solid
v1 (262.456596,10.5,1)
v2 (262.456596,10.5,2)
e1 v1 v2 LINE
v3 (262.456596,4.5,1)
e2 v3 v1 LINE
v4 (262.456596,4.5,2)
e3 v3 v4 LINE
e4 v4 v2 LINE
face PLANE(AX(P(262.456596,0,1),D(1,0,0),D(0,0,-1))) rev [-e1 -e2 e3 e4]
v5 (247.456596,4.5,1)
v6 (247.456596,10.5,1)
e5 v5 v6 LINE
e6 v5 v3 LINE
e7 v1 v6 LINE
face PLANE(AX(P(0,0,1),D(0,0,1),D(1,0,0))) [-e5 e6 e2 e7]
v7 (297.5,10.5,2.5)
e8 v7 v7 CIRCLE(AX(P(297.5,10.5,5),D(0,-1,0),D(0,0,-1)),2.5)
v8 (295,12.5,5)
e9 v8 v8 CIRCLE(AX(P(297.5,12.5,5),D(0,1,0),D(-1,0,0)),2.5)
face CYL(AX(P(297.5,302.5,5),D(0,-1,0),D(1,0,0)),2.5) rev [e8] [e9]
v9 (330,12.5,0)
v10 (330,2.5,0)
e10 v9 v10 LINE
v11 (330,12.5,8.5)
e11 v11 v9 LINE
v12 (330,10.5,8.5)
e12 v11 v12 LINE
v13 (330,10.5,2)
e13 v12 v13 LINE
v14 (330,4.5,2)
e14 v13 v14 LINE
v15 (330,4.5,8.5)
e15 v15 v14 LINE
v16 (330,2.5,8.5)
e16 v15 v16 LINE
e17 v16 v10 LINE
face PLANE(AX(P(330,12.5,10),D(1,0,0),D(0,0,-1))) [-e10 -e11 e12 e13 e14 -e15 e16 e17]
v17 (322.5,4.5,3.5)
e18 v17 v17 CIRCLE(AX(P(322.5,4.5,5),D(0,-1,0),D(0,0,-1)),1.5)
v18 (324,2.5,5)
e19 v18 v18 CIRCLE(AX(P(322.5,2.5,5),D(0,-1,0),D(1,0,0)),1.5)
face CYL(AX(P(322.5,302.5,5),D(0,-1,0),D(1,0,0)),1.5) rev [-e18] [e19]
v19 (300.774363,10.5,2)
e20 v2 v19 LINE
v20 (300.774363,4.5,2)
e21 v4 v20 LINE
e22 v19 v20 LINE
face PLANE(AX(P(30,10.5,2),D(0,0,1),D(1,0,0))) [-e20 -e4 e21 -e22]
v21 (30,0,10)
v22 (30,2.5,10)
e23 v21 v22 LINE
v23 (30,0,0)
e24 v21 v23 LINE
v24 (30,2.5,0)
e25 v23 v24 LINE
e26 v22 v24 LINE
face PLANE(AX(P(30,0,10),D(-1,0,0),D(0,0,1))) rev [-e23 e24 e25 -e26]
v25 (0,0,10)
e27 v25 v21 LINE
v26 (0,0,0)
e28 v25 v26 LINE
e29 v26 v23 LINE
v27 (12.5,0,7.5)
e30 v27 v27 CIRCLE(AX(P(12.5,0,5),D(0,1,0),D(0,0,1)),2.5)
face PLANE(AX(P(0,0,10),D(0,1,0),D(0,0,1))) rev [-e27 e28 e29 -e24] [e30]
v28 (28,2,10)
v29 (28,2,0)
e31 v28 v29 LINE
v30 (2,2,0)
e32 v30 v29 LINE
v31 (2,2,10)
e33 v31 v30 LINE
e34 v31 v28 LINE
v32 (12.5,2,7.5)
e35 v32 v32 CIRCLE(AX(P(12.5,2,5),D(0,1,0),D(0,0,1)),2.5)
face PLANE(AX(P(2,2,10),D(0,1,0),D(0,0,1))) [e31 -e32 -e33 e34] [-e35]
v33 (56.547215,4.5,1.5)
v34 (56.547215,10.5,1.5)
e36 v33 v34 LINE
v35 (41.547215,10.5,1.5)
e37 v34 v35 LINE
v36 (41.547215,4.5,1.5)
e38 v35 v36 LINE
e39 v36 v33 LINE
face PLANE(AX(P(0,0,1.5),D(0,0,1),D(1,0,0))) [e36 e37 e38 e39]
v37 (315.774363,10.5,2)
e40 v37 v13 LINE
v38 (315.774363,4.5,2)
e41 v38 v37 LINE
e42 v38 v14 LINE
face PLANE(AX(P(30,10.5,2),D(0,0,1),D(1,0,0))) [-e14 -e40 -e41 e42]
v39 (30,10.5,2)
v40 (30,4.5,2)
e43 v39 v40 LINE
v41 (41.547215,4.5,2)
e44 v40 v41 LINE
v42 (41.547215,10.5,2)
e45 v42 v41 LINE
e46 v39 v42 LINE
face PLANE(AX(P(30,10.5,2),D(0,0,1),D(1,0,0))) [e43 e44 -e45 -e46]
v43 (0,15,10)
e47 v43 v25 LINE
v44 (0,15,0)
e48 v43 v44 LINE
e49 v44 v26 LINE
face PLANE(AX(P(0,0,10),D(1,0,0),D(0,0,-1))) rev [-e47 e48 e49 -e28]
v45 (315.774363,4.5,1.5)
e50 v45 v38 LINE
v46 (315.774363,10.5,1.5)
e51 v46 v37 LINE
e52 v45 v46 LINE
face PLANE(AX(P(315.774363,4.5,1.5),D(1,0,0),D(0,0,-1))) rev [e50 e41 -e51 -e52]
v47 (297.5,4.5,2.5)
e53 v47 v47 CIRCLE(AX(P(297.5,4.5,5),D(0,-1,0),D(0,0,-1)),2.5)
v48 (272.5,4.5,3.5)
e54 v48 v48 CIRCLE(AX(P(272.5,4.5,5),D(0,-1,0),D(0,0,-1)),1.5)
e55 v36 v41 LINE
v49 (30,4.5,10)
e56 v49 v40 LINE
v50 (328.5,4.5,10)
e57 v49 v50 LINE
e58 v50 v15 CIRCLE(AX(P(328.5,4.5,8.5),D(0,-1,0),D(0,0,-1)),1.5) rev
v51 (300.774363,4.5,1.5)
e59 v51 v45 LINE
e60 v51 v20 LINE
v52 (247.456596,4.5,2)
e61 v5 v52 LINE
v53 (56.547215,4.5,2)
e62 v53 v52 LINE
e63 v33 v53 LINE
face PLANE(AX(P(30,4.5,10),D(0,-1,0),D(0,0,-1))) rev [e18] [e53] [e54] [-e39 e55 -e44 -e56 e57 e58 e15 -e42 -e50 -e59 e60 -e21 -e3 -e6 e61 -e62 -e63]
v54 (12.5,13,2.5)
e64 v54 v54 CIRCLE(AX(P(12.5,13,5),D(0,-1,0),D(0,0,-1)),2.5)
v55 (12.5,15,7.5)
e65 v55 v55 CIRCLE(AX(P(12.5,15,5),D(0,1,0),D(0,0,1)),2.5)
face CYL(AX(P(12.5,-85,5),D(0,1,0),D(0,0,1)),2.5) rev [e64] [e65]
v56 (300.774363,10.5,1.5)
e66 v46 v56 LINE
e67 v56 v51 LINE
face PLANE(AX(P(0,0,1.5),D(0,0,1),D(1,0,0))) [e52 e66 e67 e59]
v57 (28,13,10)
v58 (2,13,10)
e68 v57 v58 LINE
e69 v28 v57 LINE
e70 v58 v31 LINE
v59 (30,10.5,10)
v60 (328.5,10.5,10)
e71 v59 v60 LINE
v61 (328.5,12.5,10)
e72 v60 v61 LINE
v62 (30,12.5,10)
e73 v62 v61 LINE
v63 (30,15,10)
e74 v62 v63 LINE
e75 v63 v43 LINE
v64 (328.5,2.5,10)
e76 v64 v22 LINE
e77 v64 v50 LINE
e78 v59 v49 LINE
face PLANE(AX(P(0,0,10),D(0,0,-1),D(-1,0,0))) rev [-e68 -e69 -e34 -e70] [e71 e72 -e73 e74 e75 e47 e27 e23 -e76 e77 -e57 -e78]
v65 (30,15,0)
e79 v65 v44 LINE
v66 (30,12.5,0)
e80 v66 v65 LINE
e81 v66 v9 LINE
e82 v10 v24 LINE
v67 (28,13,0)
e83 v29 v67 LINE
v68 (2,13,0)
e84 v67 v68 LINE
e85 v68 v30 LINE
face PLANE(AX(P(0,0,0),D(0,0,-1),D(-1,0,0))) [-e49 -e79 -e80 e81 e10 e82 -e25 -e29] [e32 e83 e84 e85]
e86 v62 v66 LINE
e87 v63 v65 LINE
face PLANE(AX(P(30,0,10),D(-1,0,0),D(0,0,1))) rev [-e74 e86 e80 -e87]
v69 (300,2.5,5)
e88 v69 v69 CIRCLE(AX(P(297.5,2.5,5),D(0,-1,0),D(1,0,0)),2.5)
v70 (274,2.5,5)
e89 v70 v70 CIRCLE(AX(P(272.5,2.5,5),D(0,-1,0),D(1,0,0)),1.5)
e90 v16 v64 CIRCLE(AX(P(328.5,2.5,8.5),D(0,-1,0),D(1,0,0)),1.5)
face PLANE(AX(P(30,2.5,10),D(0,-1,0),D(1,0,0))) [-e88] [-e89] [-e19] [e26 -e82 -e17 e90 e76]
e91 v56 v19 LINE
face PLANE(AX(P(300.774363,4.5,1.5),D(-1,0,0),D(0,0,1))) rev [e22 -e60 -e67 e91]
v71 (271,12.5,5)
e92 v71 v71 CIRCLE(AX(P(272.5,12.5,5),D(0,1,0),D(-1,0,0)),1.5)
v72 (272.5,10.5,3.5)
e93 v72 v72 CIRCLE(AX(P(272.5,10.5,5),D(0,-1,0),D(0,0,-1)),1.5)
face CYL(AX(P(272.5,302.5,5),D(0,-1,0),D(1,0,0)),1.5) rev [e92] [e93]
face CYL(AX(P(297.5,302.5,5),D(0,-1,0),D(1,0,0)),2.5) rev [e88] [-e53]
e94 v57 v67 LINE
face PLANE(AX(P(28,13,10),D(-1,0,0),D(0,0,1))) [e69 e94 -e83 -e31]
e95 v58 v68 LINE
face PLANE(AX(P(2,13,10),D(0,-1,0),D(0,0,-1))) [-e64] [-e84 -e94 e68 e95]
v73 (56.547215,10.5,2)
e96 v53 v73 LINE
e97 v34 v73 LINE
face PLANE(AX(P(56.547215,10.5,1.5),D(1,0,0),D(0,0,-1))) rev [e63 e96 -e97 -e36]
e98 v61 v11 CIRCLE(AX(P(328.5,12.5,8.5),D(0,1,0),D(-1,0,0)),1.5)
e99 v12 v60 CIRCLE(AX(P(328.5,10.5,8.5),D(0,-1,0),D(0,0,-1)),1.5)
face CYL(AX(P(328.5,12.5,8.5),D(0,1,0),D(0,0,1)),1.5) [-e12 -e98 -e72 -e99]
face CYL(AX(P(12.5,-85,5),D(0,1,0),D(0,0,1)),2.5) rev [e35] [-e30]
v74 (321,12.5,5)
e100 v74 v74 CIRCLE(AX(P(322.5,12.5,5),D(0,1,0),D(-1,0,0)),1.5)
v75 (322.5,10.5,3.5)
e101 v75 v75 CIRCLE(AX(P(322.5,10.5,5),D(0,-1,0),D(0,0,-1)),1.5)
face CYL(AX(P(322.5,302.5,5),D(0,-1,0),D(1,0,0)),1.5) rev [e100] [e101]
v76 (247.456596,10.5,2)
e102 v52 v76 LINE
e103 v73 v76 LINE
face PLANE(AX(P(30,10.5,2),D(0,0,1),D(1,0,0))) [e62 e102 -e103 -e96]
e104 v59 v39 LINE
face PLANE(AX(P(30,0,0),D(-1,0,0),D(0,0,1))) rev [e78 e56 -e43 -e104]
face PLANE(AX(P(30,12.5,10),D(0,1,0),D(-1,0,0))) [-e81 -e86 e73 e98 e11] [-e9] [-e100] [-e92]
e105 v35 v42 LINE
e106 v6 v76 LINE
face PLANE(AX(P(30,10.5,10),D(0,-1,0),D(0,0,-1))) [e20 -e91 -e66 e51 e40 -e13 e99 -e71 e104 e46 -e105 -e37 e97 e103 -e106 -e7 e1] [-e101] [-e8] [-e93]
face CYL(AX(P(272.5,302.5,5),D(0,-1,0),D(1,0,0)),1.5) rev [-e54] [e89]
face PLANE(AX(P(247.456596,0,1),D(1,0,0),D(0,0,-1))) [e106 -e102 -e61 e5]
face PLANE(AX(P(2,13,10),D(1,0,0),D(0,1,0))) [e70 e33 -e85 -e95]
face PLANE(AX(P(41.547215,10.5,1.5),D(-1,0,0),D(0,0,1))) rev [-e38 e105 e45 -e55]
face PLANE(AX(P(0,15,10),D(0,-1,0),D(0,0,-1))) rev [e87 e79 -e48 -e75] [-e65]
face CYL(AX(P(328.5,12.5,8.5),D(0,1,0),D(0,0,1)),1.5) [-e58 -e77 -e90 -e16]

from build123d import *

# Parameters (mm, degrees)
SKETCH1_W           = 30
SKETCH1_H           = 15
SKETCH1_W_2         = 26
SKETCH1_H_2         = 11
BOSS_EXTRUDE1_DEPTH = 10
SKETCH3_R           = 2.5
CUT_EXTRUDE1_DEPTH  = 100
SKETCH5_W           = 300
SKETCH5_H           = 10
BOSS_EXTRUDE2_DEPTH = 10
SKETCH6_W           = 8
SKETCH6_H           = 6
CUT_EXTRUDE2_DEPTH  = 300
SKETCH7_R           = 1.5
SKETCH7_R_2         = 2.5
CUT_EXTRUDE3_DEPTH  = 300
FILLET1_R           = 1.5
SKETCH8_W           = 15
SKETCH8_H           = 6
CUT_EXTRUDE4_DEPTH  = 0.5
SKETCH11_W          = 15
SKETCH11_H          = 6
CUT_EXTRUDE8_DEPTH  = 1
SKETCH9_W           = 15
SKETCH9_H           = 6
CUT_EXTRUDE5_DEPTH  = 0.5


with BuildPart() as part:
    # Sketch1 → Boss-Extrude1 (new body)
    with BuildSketch(Plane.XY):
        with Locations((15, 7.5)):
            Rectangle(SKETCH1_W, SKETCH1_H)
        with Locations((15, 7.5)):
            Rectangle(SKETCH1_W_2, SKETCH1_H_2, mode=Mode.SUBTRACT)
    extrude(amount=BOSS_EXTRUDE1_DEPTH)

    # Sketch3 → Cut-Extrude1 (cut)
    with BuildSketch(Plane(origin=(0, 15, 0), x_dir=(1, 0, 0), z_dir=(0, 1, 0))):
        with Locations(Location((12.5, -5, 0), (0, 0, 270))):
            Circle(SKETCH3_R)
    extrude(amount=-CUT_EXTRUDE1_DEPTH, mode=Mode.SUBTRACT)

    # Sketch5 → Boss-Extrude2 (add)
    with BuildSketch(Plane(origin=(0, 0, 0), x_dir=(-1, 0, 0), z_dir=(0, 0, -1))):
        with Locations((-180, 7.5)):
            Rectangle(SKETCH5_W, SKETCH5_H)
    extrude(amount=-BOSS_EXTRUDE2_DEPTH)

    # Sketch6 → Cut-Extrude2 (cut)
    with BuildSketch(Plane(origin=(330, 0, 0), x_dir=(0, 0, -1), z_dir=(1, 0, 0))):
        with Locations((-6, 7.5)):
            Rectangle(SKETCH6_W, SKETCH6_H)
    extrude(amount=-CUT_EXTRUDE2_DEPTH, mode=Mode.SUBTRACT)

    # Sketch7 → Cut-Extrude3 (cut)
    with BuildSketch(Plane(origin=(0, 2.5, 0), x_dir=(-1, 0, 0), z_dir=(0, -1, 0))):
        with Locations(Location((-272.5, -5, 0), (0, 0, 90))):
            Circle(SKETCH7_R)
        with Locations(Location((-297.5, -5, 0), (0, 0, 90))):
            Circle(SKETCH7_R_2)
        with Locations(Location((-322.5, -5, 0), (0, 0, 90))):
            Circle(SKETCH7_R)
    extrude(amount=-CUT_EXTRUDE3_DEPTH, mode=Mode.SUBTRACT)

    # Fillet1
    fillet1_edges = [part.edges().sort_by_distance(p)[0] for p in [
        (330, 11.5, 10),
        (330, 3.5, 10),
    ]]
    fillet(fillet1_edges, radius=FILLET1_R)

    # Sketch8 → Cut-Extrude4 (cut)
    with BuildSketch(Plane.XY.offset(2)):
        with Locations((49.047215434, 7.5)):
            Rectangle(SKETCH8_W, SKETCH8_H)
    extrude(amount=-CUT_EXTRUDE4_DEPTH, mode=Mode.SUBTRACT)

    # Sketch11 → Cut-Extrude8 (cut)
    with BuildSketch(Plane.XY.offset(2)):
        with Locations((254.956595829, 7.5)):
            Rectangle(SKETCH11_W, SKETCH11_H)
    extrude(amount=-CUT_EXTRUDE8_DEPTH, mode=Mode.SUBTRACT)

    # Sketch9 → Cut-Extrude5 (cut)
    with BuildSketch(Plane.XY.offset(2)):
        with Locations((308.27436269, 7.5)):
            Rectangle(SKETCH9_W, SKETCH9_H)
    extrude(amount=-CUT_EXTRUDE5_DEPTH, mode=Mode.SUBTRACT)


solid = part.part
